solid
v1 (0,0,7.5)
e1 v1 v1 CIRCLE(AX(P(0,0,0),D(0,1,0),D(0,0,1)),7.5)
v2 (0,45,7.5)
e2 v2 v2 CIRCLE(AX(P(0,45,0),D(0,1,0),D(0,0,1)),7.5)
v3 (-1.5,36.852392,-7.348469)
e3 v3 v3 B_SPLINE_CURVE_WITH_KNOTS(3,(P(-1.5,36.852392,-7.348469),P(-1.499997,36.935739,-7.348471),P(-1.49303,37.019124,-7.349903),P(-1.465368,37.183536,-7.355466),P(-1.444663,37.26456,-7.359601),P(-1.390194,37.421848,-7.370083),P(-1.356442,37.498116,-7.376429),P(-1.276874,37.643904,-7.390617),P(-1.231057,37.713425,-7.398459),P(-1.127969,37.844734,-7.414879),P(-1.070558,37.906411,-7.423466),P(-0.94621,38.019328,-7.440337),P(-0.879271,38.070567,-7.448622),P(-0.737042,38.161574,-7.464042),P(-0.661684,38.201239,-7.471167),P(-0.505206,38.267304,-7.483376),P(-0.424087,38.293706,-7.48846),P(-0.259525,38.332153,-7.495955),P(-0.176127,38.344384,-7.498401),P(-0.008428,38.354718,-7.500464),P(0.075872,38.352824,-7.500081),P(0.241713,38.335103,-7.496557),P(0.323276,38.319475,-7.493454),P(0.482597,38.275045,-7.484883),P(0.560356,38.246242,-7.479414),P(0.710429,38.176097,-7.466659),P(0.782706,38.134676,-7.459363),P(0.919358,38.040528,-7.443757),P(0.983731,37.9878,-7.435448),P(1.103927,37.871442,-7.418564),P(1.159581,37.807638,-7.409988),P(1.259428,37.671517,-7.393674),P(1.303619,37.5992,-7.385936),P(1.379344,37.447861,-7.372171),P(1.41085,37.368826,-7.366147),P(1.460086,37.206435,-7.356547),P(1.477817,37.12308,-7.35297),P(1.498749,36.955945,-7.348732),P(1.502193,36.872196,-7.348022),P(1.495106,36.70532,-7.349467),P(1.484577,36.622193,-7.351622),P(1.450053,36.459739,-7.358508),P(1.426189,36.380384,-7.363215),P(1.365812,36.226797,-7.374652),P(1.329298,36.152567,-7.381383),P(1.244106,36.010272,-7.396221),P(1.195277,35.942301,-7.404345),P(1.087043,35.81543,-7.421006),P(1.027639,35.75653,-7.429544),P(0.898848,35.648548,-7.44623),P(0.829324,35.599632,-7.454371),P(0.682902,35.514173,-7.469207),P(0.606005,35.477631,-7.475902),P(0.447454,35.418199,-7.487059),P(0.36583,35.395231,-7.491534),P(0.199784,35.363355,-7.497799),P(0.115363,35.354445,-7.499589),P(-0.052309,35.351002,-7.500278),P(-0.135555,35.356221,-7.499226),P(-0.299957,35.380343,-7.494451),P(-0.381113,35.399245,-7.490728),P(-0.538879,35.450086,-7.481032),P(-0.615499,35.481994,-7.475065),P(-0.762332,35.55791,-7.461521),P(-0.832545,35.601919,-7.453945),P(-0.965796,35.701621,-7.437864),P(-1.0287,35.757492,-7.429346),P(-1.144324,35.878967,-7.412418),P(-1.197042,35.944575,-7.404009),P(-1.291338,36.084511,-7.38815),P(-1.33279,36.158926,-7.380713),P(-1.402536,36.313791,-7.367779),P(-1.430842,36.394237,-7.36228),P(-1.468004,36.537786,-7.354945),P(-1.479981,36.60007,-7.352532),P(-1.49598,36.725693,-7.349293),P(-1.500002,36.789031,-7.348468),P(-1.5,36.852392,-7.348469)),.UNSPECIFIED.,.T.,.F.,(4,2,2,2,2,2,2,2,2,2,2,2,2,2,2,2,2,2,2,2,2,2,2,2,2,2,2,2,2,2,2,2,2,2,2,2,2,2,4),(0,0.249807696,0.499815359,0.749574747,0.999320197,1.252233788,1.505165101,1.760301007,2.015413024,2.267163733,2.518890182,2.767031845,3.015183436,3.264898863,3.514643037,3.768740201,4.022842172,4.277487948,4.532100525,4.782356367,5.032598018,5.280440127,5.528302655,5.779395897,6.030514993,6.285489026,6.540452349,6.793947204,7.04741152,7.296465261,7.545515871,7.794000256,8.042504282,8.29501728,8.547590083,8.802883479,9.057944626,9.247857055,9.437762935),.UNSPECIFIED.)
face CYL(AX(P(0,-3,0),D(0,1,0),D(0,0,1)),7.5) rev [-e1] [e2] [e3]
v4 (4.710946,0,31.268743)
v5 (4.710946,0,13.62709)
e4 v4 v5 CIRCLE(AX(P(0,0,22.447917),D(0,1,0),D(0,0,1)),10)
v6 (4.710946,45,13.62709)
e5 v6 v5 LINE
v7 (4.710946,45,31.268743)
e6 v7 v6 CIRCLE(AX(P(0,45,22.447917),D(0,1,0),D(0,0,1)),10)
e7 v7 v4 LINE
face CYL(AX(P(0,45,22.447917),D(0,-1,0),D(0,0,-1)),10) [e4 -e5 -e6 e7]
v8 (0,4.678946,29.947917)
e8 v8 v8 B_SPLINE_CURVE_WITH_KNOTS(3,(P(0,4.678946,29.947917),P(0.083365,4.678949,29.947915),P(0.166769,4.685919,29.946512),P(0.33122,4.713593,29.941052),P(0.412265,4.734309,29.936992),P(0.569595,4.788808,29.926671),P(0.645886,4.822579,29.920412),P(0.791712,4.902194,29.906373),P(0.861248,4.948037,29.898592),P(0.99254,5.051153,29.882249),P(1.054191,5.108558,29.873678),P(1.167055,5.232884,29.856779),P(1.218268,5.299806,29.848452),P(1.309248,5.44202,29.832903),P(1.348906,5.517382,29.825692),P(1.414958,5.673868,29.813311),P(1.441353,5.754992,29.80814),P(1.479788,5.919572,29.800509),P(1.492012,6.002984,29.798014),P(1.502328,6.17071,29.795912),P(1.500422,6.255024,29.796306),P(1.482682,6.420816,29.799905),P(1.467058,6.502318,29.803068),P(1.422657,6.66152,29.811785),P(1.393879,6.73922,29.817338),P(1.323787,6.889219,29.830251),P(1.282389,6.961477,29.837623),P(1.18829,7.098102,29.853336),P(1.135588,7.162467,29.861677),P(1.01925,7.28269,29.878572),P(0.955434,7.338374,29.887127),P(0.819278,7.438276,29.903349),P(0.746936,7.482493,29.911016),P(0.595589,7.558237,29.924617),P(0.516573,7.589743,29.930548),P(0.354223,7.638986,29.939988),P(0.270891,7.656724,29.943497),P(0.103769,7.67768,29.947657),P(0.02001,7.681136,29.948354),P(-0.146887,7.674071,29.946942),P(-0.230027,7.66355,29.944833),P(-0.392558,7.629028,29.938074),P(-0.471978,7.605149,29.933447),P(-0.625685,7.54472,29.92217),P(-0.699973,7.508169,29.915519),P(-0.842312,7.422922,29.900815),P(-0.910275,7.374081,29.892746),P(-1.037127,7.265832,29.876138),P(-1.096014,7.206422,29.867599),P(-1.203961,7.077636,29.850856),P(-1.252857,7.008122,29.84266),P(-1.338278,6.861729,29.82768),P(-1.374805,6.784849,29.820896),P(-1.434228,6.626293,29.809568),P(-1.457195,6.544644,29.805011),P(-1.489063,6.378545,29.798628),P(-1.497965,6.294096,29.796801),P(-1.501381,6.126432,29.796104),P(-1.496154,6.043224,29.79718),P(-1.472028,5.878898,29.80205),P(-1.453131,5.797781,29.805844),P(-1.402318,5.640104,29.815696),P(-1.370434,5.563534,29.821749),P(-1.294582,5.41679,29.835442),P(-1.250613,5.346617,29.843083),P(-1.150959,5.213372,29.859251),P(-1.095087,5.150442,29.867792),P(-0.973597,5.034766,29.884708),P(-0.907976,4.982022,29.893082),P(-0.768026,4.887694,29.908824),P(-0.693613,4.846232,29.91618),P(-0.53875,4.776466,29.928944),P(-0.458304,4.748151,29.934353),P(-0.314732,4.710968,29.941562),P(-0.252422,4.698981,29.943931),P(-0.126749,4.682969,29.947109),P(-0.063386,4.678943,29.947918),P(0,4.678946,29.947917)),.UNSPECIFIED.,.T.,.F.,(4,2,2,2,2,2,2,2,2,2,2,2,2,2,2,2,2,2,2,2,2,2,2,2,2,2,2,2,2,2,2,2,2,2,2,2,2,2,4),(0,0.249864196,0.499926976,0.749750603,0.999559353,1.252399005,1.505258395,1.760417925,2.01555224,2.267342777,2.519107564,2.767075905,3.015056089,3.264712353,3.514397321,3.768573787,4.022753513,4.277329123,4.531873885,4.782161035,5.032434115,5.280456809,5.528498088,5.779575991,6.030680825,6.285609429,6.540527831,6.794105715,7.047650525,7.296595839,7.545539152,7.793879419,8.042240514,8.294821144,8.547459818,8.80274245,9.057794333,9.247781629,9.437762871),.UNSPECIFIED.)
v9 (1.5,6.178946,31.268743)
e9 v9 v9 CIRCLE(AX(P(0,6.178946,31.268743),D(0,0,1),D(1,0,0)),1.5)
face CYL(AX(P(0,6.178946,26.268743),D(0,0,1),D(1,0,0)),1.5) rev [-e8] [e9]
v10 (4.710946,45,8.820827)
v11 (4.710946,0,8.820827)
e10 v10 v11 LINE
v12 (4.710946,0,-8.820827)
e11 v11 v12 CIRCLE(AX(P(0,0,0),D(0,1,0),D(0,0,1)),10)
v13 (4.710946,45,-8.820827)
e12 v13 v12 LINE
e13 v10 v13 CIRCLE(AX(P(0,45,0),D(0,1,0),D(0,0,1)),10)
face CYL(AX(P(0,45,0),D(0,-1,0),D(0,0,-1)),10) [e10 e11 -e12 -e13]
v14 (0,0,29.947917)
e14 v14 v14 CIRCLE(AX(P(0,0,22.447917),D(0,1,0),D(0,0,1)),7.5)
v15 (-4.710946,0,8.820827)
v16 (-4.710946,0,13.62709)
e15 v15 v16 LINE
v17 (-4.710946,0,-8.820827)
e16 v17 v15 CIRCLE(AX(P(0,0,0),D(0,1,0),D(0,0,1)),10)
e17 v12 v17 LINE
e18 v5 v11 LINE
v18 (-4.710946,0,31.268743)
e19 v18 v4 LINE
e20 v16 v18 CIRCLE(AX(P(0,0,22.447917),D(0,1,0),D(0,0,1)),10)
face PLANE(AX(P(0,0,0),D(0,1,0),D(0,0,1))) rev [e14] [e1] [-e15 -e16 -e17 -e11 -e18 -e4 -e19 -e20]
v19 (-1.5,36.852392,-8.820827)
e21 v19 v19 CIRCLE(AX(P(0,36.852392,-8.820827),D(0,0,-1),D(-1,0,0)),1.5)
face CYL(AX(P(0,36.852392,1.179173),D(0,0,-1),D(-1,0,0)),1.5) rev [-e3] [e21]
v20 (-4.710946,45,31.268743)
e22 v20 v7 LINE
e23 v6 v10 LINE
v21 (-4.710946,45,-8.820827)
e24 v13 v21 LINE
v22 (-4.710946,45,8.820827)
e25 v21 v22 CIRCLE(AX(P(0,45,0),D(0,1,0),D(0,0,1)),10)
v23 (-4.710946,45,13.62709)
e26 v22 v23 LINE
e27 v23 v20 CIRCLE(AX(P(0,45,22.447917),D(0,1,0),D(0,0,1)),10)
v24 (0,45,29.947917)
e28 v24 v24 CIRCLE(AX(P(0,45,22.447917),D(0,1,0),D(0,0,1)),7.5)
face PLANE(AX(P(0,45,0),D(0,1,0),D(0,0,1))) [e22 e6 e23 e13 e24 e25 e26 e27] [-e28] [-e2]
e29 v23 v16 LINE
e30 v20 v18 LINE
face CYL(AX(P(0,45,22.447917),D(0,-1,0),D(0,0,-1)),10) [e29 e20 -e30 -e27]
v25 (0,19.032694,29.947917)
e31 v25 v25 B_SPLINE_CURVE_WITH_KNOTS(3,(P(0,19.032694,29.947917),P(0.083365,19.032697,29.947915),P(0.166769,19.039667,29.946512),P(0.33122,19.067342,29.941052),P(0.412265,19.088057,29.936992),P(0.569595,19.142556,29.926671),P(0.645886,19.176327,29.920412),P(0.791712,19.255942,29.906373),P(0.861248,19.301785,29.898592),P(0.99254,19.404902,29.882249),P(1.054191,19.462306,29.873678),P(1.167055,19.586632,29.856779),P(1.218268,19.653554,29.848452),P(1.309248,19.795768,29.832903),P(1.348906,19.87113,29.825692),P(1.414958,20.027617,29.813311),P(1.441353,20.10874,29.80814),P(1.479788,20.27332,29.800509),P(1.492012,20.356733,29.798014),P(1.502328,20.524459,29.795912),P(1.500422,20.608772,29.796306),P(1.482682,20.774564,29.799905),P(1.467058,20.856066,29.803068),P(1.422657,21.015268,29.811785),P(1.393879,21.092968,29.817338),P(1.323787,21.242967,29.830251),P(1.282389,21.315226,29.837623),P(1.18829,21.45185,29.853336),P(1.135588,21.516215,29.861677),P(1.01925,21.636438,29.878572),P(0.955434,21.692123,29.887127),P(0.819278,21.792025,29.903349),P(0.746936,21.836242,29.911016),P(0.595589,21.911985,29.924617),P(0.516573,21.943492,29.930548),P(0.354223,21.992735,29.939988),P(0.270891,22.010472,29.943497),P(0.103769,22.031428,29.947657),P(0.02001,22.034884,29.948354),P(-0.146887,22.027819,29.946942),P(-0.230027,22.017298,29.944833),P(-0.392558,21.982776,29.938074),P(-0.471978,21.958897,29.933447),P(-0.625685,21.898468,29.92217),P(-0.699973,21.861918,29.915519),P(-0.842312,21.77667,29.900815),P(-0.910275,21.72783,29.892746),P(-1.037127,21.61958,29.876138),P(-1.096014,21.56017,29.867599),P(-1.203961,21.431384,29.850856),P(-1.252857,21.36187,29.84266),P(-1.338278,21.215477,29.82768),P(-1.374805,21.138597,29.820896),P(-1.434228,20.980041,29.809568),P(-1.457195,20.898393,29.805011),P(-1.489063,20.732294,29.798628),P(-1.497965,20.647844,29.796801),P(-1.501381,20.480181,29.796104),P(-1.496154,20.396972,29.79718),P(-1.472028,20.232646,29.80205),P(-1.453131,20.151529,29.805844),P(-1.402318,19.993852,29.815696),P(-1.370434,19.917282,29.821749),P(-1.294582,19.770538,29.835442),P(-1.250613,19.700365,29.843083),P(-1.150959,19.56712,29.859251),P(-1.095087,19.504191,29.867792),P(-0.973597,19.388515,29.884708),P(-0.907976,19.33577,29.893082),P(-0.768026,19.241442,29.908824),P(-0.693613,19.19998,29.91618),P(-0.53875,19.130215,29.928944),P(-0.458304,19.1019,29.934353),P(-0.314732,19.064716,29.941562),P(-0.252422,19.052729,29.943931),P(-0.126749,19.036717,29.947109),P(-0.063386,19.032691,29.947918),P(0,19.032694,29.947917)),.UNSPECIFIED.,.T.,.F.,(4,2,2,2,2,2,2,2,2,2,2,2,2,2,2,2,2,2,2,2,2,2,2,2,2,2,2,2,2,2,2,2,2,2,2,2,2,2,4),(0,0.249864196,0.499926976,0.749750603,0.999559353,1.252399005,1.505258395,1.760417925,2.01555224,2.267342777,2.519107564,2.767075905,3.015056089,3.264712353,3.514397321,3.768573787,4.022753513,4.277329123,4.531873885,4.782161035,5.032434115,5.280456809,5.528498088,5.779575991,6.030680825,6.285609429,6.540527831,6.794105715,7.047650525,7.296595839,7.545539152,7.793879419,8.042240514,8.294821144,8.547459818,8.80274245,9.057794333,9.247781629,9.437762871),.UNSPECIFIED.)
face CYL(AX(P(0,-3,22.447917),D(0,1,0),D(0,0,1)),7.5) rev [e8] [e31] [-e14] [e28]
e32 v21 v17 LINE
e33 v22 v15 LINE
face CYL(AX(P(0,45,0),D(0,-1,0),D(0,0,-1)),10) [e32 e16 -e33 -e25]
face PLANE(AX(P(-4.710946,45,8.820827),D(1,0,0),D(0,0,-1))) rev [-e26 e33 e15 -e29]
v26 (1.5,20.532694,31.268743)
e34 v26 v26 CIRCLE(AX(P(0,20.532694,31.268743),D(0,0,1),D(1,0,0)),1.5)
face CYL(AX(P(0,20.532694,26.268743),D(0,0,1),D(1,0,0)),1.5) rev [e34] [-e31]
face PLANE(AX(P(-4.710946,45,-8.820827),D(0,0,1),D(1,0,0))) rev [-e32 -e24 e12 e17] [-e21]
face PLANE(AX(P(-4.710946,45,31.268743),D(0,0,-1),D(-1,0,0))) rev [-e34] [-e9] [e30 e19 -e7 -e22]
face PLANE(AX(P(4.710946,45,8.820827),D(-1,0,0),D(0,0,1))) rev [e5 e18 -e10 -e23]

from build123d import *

# Parameters (mm, degrees)
BOSS_EXTRUDE2_DEPTH = 45
SKETCH5_R           = 7.5
CUT_EXTRUDE2_DEPTH  = 48
SKETCH6_R           = 1.5
CUT_EXTRUDE3_DEPTH  = 5
SKETCH7_R           = 1.5
CUT_EXTRUDE4_DEPTH  = 10


with BuildPart() as part:
    # Sketch1 → Boss-Extrude2 (new body)
    with BuildSketch(Plane(origin=(0, 0, 0), x_dir=(1, 0, 0), z_dir=(0, 1, 0))):
        with BuildLine():
            Line((-4.710946187, 8.820826833), (4.710946187, 8.820826833))
            ThreePointArc((4.710946187, 8.820826833), (10, 0), (4.710946187, -8.820826833))
            Line((4.710946187, -8.820826833), (4.710946187, -13.627089834))
            ThreePointArc((4.710946187, -13.627089834), (10, -22.447916667), (4.710946187, -31.2687435))
            Line((4.710946187, -31.2687435), (-4.710946187, -31.2687435))
            ThreePointArc((-4.710946187, -31.2687435), (-10, -22.447916667), (-4.710946187, -13.627089834))
            Line((-4.710946187, -13.627089834), (-4.710946187, -8.820826833))
            ThreePointArc((-4.710946187, -8.820826833), (-10, 0), (-4.710946187, 8.820826833))
        make_face()
    extrude(amount=BOSS_EXTRUDE2_DEPTH)

    # Sketch5 → Cut-Extrude2 (cut)
    with BuildSketch(Plane(origin=(0, 45, 0), x_dir=(1, 0, 0), z_dir=(0, 1, 0))):
        Circle(SKETCH5_R)
        with Locations((0, -22.447916667)):
            Circle(SKETCH5_R)
    extrude(amount=-CUT_EXTRUDE2_DEPTH, mode=Mode.SUBTRACT)

    # Sketch6 → Cut-Extrude3 (cut)
    with BuildSketch(Plane.XY.offset(31.2687435)):
        with Locations((0, 20.532693815)):
            Circle(SKETCH6_R)
        with Locations((0, 6.178945615)):
            Circle(SKETCH6_R)
    extrude(amount=-CUT_EXTRUDE3_DEPTH, mode=Mode.SUBTRACT)

    # Sketch7 → Cut-Extrude4 (cut)
    with BuildSketch(Plane(origin=(0, 0, -8.820826833), x_dir=(-1, 0, 0), z_dir=(0, 0, -1))):
        with Locations((0, 36.852392065)):
            Circle(SKETCH7_R)
    extrude(amount=-CUT_EXTRUDE4_DEPTH, mode=Mode.SUBTRACT)


solid = part.part
